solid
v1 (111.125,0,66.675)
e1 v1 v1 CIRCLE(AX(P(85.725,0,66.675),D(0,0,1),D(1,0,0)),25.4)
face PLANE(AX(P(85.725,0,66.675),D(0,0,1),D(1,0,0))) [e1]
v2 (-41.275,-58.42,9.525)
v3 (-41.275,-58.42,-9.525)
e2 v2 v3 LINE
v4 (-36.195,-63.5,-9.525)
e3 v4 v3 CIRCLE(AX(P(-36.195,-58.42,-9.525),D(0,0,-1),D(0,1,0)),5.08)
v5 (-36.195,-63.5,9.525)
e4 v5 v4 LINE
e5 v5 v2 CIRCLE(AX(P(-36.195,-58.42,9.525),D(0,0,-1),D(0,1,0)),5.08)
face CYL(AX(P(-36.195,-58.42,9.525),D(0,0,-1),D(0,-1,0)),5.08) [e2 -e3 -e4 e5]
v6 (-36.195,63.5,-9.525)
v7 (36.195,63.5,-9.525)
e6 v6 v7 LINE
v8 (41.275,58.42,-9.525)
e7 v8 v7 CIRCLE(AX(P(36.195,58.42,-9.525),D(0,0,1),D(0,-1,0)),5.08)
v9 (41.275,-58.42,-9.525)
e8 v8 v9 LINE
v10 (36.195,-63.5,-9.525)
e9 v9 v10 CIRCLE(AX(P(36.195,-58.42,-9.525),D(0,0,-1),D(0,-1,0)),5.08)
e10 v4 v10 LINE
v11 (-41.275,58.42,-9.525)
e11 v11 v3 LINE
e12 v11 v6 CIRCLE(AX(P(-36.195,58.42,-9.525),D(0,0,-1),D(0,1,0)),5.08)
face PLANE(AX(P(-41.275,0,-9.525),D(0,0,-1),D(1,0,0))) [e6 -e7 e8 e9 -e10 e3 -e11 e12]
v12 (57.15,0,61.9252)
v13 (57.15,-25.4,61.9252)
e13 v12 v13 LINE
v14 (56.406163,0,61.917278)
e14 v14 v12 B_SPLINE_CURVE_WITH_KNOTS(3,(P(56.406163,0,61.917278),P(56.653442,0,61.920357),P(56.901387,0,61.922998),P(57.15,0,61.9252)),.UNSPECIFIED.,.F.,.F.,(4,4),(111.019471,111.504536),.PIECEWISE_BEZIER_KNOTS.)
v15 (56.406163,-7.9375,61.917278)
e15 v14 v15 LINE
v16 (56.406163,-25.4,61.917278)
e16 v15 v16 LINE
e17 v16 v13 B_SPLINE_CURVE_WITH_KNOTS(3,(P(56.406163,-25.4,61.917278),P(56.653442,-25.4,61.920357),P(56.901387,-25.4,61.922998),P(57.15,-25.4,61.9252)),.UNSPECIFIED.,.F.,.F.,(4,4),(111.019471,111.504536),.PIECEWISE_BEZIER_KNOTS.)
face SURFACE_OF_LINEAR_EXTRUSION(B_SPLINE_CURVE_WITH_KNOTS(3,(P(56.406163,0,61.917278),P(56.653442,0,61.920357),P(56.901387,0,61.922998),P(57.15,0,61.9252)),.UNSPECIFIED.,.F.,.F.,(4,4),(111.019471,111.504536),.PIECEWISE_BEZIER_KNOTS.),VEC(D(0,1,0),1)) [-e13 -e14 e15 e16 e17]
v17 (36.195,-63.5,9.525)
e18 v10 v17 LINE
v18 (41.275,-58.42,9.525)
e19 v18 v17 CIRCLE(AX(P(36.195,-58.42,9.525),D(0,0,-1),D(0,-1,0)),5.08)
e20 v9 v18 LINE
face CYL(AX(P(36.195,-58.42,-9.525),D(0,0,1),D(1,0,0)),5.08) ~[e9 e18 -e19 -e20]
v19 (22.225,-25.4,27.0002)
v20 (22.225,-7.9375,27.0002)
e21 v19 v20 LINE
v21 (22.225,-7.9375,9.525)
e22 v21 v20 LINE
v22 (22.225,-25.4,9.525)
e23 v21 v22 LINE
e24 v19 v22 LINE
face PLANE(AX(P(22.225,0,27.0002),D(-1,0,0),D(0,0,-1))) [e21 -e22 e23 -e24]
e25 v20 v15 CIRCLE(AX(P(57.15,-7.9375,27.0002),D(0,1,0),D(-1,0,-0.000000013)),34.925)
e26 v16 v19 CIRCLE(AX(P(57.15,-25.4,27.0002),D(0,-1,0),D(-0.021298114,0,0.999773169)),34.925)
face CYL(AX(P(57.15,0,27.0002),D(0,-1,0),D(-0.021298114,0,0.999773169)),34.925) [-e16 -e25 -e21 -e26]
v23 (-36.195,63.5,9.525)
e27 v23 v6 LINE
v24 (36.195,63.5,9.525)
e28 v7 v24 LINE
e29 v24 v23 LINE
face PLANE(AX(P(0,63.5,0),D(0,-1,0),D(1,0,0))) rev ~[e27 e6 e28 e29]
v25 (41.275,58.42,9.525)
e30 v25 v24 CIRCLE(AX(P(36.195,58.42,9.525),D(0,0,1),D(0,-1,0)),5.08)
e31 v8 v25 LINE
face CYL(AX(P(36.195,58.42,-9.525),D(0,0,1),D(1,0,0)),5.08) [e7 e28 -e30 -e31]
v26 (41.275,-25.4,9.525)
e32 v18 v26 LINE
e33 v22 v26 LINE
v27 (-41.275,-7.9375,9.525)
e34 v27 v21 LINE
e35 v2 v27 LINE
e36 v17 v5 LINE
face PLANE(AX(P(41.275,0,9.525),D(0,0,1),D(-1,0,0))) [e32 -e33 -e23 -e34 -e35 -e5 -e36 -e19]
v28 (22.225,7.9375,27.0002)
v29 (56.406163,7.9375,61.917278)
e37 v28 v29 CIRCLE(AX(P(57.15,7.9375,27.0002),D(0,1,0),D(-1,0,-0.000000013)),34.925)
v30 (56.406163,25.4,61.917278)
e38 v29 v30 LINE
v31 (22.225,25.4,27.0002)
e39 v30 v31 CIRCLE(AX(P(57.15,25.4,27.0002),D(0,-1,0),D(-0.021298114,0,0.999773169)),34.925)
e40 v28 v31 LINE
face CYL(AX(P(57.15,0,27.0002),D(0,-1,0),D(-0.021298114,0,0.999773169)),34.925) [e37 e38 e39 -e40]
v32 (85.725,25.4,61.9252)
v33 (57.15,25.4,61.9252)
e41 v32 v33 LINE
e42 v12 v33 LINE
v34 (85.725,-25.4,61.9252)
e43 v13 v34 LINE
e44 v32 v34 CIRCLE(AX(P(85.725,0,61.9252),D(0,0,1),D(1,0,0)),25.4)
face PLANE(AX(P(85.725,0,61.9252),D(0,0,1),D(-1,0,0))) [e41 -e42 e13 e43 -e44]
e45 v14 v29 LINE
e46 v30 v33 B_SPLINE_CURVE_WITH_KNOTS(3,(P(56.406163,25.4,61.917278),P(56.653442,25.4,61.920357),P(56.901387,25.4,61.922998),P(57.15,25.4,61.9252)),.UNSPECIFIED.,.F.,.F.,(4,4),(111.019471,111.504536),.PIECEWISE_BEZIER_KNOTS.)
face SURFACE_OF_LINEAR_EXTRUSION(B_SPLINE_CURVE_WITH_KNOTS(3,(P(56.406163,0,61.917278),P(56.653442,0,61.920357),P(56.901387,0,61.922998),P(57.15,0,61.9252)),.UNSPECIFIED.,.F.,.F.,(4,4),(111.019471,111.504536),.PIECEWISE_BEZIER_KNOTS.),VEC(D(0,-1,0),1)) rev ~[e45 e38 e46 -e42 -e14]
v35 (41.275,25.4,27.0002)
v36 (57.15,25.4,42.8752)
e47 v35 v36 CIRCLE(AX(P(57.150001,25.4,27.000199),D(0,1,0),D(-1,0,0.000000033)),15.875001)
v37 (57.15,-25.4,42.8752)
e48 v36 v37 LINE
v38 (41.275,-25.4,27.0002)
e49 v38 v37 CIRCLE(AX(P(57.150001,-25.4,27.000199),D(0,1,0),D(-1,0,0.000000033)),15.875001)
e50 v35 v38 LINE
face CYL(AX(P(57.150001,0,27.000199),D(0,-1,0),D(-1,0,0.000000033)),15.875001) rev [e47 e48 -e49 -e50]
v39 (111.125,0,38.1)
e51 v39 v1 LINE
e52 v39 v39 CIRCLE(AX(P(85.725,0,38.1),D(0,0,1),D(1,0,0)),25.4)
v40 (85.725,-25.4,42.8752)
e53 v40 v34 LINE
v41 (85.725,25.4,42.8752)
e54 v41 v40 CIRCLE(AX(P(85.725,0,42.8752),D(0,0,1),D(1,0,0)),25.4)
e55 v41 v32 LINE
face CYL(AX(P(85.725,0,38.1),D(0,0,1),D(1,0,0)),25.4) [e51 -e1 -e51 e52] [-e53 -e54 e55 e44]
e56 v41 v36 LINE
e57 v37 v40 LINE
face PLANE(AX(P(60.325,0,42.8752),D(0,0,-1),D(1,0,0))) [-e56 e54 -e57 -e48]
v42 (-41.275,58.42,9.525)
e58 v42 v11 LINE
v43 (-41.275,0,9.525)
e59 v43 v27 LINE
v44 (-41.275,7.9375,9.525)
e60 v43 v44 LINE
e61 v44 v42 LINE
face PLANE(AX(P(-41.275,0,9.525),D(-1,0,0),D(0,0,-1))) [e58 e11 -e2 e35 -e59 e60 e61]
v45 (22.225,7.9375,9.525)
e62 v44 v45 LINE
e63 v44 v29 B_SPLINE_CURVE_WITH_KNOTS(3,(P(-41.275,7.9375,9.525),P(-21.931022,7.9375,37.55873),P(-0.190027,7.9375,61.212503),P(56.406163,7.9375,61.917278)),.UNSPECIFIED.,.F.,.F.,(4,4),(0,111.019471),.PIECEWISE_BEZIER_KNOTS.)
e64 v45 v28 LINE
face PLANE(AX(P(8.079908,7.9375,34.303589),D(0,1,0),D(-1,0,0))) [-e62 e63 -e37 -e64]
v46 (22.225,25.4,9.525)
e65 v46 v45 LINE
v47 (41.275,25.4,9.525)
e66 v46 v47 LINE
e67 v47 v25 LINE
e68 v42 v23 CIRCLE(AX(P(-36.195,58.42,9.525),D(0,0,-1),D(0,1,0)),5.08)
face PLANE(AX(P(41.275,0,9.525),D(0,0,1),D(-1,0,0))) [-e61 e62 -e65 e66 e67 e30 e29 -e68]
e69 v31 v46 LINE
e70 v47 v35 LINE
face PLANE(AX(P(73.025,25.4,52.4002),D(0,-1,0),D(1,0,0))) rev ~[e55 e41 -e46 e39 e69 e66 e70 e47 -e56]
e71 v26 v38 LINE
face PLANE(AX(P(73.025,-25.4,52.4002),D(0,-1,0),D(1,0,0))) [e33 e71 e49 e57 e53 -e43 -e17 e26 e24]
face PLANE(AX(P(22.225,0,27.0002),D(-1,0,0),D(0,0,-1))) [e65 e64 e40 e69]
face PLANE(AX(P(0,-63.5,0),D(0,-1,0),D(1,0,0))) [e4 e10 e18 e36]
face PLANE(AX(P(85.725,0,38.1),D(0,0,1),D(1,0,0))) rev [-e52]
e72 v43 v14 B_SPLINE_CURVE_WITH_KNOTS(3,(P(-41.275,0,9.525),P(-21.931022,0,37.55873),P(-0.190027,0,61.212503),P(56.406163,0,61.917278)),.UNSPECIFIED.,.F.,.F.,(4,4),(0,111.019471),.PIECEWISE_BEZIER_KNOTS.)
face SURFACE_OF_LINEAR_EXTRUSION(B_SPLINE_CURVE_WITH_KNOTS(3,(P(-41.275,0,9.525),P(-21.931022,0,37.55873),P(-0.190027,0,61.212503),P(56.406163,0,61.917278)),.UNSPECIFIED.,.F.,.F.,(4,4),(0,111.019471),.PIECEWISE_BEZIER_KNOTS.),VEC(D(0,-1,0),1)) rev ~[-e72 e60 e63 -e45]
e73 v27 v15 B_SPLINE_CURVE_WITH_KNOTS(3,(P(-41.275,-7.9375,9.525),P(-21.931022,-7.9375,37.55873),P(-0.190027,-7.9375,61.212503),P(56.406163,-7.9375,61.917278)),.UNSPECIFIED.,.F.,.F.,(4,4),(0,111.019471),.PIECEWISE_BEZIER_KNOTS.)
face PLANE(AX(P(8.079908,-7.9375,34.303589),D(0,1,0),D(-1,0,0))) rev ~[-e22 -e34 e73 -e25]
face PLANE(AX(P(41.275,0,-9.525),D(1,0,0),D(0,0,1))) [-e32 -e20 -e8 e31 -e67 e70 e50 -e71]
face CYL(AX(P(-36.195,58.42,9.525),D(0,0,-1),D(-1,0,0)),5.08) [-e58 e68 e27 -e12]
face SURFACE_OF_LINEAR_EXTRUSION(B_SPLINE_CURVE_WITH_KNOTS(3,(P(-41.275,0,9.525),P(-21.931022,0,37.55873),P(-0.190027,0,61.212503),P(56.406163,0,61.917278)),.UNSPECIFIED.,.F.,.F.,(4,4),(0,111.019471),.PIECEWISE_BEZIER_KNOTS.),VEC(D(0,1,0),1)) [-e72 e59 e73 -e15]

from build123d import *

# Parameters (mm, degrees)
F1_DEPTH = 63.5
F2_DEPTH = 25.4
F3_DEPTH = 7.9375
F4_DEPTH = 25.4
F6_R     = 5.08
F7_R     = 5.08


with BuildPart() as f1:
    # F0 (on Front) → F1 (new body, symmetric)
    with BuildSketch(Plane.XZ):
        Polygon((22.225, 9.525), (-41.275, 9.525), (-41.275, -9.525), (41.275, -9.525), (41.275, 9.525), align=None)
    extrude(amount=F1_DEPTH, both=True)

    # F0 (on Front) → F2 (join, symmetric)
    with BuildSketch(Plane.XZ):
        with BuildLine():
            Line((22.225, 27.0002), (22.225, 9.525))
            Line((22.225, 9.525), (41.275, 9.525))
            Line((41.275, 9.525), (41.275, 27.0002))
            ThreePointArc((41.275, 27.0002), (45.92468, 38.22552), (57.15, 42.8752))
            Line((57.15, 42.8752), (60.325, 42.8752))
            Line((60.325, 42.8752), (60.325, 61.9252))
            Line((60.325, 61.9252), (57.15, 61.9252))
            add(Edge.make_bspline(
                [(56.406163, 61.917278), (56.653442, 61.920357), (56.901387, 61.922998), (57.15, 61.9252)],
                knots=[111.019471, 111.019471, 111.019471, 111.019471, 111.504536, 111.504536, 111.504536, 111.504536], degree=3))
            ThreePointArc((56.406163, 61.917278), (32.192695, 51.431503), (22.225, 27.0002))
        make_face()
    extrude(amount=F2_DEPTH, both=True)

    # F0 (on Front) → F3 (join, symmetric)
    with BuildSketch(Plane.XZ):
        with BuildLine():
            add(Edge.make_bspline(
                [(-41.275, 9.525), (-21.931022, 37.55873), (-0.190027, 61.212503), (56.406163, 61.917278)],
                knots=[0, 0, 0, 0, 111.019471, 111.019471, 111.019471, 111.019471], degree=3))
            Line((-41.275, 9.525), (22.225, 9.525))
            Line((22.225, 9.525), (22.225, 27.0002))
            ThreePointArc((22.225, 27.0002), (32.192695, 51.431503), (56.406163, 61.917278))
        make_face()
    extrude(amount=F3_DEPTH, both=True)

    # F0 (on Front) → F4 (join, symmetric)
    with BuildSketch(Plane.XZ):
        Polygon((81.447226, 61.9252), (60.325, 61.9252), (60.325, 42.8752), (81.447226, 42.8752), (85.725, 42.8752), (85.725, 61.9252), align=None)
    extrude(amount=F4_DEPTH, both=True)

    # F0 (on Front) → F5 (revolve)
    with BuildSketch(Plane.XZ):
        Polygon((111.125, 66.675), (85.725, 66.675), (85.725, 61.9252), (85.725, 42.8752), (85.725, 38.1), (111.125, 38.1), align=None)
    revolve(axis=Axis((85.725, 0, 52.3875), (0, 0, 1)))

    # F6
    f6_edges = [f1.edges().sort_by_distance(p)[0] for p in [
        (-41.275, -63.5, 0),
        (41.275, -63.5, 0),
        (41.275, 63.5, 0),
    ]]
    fillet(f6_edges, radius=F6_R)

    # F7
    f7_edges = [f1.edges().sort_by_distance(p)[0] for p in [
        (-41.275, 63.5, 0),
    ]]
    fillet(f7_edges, radius=F7_R)


solid = f1.part
